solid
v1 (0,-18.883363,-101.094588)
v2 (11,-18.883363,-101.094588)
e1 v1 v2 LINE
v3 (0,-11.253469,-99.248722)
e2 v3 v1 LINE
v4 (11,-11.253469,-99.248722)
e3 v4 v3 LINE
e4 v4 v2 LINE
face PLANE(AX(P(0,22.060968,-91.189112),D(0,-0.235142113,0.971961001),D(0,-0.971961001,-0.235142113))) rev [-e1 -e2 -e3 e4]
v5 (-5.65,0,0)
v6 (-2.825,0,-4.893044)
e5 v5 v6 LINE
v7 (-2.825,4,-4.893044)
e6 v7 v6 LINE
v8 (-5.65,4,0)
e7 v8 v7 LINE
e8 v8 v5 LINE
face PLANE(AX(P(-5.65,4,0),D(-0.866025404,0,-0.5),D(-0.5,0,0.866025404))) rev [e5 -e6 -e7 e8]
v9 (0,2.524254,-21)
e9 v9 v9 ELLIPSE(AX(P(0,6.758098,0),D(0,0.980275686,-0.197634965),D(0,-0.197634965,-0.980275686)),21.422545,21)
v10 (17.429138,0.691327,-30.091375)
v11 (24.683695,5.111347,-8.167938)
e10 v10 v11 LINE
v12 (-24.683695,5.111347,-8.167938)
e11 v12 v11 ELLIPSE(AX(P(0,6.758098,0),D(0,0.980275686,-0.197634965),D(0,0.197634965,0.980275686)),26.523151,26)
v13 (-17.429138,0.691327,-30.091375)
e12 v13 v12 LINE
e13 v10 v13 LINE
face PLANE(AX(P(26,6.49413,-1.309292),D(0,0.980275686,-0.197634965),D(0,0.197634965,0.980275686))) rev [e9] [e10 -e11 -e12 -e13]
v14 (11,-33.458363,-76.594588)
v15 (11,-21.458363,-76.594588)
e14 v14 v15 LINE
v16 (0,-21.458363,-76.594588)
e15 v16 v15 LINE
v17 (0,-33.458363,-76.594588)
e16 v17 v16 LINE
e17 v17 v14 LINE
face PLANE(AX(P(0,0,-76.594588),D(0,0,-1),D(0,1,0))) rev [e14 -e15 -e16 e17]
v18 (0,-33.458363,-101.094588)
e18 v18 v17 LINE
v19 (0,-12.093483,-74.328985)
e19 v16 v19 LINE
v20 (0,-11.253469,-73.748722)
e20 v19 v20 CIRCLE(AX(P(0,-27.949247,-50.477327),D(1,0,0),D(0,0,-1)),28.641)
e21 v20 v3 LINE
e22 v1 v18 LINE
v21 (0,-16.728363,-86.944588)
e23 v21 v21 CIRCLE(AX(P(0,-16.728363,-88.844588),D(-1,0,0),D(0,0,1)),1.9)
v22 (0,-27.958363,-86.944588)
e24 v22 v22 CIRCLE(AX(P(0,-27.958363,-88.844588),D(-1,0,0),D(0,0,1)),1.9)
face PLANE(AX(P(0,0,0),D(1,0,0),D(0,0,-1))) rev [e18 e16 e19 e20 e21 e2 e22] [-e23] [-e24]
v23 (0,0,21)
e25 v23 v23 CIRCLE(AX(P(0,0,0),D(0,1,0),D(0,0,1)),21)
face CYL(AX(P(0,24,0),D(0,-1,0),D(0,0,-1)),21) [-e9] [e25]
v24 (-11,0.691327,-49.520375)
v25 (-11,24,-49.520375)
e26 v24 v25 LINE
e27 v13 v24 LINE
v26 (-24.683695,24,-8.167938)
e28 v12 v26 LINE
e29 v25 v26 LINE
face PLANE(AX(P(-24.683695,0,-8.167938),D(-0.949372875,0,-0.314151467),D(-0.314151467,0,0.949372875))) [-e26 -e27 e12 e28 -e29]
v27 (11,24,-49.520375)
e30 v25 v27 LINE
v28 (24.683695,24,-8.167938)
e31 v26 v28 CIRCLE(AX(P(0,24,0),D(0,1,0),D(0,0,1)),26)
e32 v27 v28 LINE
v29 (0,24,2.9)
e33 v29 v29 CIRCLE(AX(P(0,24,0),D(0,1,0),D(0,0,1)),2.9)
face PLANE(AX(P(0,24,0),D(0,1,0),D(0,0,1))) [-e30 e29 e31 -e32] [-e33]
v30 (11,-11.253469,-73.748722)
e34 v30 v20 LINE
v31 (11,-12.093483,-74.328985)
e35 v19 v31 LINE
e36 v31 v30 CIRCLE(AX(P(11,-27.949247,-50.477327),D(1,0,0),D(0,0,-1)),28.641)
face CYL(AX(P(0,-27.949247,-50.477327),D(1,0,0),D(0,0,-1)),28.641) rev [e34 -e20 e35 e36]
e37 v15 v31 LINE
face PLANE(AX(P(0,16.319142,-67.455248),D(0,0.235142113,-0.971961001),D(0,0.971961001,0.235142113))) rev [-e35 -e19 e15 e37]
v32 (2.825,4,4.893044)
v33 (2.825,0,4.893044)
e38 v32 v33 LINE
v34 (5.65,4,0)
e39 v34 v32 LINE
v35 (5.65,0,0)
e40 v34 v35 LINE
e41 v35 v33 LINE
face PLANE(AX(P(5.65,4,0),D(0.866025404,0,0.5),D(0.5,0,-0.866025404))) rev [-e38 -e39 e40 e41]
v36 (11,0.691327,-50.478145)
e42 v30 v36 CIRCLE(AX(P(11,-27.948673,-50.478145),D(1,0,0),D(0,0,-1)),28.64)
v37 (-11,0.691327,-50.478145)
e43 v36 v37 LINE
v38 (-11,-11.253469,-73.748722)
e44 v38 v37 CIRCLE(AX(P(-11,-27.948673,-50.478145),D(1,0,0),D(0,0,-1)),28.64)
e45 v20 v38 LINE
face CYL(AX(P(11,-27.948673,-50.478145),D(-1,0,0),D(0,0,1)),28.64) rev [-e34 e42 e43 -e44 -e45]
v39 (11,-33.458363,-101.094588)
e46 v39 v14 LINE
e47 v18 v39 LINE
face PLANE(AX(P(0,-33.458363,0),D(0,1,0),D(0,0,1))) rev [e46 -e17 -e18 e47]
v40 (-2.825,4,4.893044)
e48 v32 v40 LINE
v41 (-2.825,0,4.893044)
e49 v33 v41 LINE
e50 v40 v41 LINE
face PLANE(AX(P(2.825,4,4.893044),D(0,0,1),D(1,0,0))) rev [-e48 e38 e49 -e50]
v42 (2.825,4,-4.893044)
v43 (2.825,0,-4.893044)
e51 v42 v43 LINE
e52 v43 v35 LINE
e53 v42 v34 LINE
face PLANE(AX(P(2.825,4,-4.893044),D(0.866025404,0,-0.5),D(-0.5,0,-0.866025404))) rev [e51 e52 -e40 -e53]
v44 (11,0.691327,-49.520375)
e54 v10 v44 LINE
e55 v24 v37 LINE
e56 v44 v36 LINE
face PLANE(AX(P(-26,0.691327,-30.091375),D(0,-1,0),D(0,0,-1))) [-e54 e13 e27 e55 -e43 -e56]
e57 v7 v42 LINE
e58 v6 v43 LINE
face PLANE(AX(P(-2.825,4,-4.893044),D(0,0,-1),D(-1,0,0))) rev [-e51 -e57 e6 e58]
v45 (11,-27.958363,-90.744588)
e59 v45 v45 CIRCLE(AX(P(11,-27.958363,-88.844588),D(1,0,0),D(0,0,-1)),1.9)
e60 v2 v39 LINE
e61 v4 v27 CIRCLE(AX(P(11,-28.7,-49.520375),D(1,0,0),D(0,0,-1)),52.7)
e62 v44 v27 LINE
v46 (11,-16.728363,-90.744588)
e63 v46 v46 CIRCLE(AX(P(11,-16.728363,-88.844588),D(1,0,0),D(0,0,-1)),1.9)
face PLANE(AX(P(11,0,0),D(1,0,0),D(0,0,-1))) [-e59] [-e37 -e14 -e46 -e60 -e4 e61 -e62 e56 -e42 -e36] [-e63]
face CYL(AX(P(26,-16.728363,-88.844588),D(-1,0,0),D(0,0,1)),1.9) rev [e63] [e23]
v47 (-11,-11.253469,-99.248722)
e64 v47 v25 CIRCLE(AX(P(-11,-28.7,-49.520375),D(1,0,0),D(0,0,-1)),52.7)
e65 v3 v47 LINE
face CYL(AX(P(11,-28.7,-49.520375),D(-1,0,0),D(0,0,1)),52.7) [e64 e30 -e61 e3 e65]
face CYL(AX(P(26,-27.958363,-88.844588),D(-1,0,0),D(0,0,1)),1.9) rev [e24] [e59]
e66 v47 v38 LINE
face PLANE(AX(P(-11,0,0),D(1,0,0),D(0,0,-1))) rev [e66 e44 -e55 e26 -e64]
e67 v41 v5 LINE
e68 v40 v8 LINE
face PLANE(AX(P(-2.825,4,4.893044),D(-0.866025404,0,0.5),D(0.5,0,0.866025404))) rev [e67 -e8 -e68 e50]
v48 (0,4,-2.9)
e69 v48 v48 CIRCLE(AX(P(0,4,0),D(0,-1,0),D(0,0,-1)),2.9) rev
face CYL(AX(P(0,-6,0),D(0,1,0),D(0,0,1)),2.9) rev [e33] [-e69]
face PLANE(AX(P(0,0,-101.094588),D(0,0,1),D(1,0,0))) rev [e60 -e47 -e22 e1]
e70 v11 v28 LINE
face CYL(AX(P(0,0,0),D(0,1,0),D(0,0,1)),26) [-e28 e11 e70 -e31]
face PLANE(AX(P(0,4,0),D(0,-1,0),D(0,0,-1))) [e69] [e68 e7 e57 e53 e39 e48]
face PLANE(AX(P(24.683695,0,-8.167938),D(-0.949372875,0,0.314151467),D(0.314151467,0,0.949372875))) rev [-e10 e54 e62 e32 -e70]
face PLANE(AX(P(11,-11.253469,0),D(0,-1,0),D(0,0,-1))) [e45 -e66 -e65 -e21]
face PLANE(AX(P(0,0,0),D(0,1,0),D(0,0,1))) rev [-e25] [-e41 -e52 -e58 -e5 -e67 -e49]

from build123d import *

# Parameters (mm, degrees)
CROQUIS1_R              = 21
SALIENTE_EXTRUIR1_DEPTH = 24
CROQUIS2_R              = 2.9
CORTAR_EXTRUIR1_DEPTH   = 30
CROQUIS3_R              = 26
SALIENTE_EXTRUIR2_DEPTH = 12
SALIENTE_EXTRUIR3_DEPTH = 26
CROQUIS6_W              = 19.429
CROQUIS6_H              = 23.308672713
SALIENTE_EXTRUIR4_DEPTH = 52
CORTAR_EXTRUIR2_DEPTH   = 61.862693955
SALIENTE_EXTRUIR5_DEPTH = 11
SALIENTE_EXTRUIR6_DEPTH = 11
CROQUIS10_R             = 1.9
CORTAR_EXTRUIR3_DEPTH   = 110.615590995
CROQUIS11_R             = 2.9
CORTAR_EXTRUIR4_DEPTH   = 120.153595066
CORTAR_EXTRUIR5_DEPTH   = 4


with BuildPart() as part:
    # Croquis1 → Saliente-Extruir1 (new body)
    with BuildSketch(Plane(origin=(0, 0, 0), x_dir=(1, 0, 0), z_dir=(0, 1, 0))):
        with Locations(Location((0, 0, 0), (0, 0, 270))):
            Circle(CROQUIS1_R)
    extrude(amount=SALIENTE_EXTRUIR1_DEPTH)

    # Croquis2 → Cortar-Extruir1 (cut, symmetric)
    with BuildSketch(Plane(origin=(0, 24, 0), x_dir=(1, 0, 0), z_dir=(0, 1, 0))):
        with Locations(Location((0, 0, 0), (0, 0, 270))):
            Circle(CROQUIS2_R)
    extrude(amount=CORTAR_EXTRUIR1_DEPTH, both=True, mode=Mode.SUBTRACT)

    # Croquis3 → Saliente-Extruir2 (add)
    with BuildSketch(Plane(origin=(0, 24, 0), x_dir=(1, 0, 0), z_dir=(0, 1, 0))):
        with Locations(Location((0, 0, 0), (0, 0, 270))):
            Circle(CROQUIS3_R)
    extrude(amount=-SALIENTE_EXTRUIR2_DEPTH)

    # Croquis4 → Saliente-Extruir3 (add, symmetric)
    with BuildSketch(Plane(origin=(0, 0, 0), x_dir=(0, 0, -1), z_dir=(1, 0, 0))):
        Polygon((-26, 13.930297777), (-26, 12), (30.091374751, 0.691327287), (30.091374751, 24), (-26, 24), align=None)
    extrude(amount=SALIENTE_EXTRUIR3_DEPTH, both=True)

    # Croquis6 → Saliente-Extruir4 (add)
    with BuildSketch(Plane(origin=(26, 0, 0), x_dir=(0, 0, -1), z_dir=(1, 0, 0))):
        with Locations((39.805874751, 12.345663644)):
            Rectangle(CROQUIS6_W, CROQUIS6_H)
    extrude(amount=-SALIENTE_EXTRUIR4_DEPTH)

    # Croquis5 → Cortar-Extruir2 (cut, through all)
    with BuildSketch(Plane(origin=(0, 24, 0), x_dir=(1, 0, 0), z_dir=(0, 1, 0))):
        with BuildLine():
            Line((-31.296292427, 177.340731999), (24.68369475, 8.167938142))
            ThreePointArc((24.68369475, 8.167938142), (0, -26), (-24.68369475, 8.167938142))
            Line((-24.68369475, 8.167938142), (-11, 49.520374751))
            Line((-11, 49.520374751), (11, 49.520374751))
            Line((11, 49.520374751), (24.68369475, 8.167938142))
            Line((24.68369475, 8.167938142), (26, 49.520374751))
            Line((26, 49.520374751), (11, 49.520374751))
            Line((11, 49.520374751), (-167.194256769, 49.520374751))
            Line((-167.194256769, 49.520374751), (76.977143024, -210.081435923))
            Line((76.977143024, -210.081435923), (212.875107366, -82.261078675))
            Line((212.875107366, -82.261078675), (-31.296292427, 177.340731999))
        make_face()
    extrude(amount=-CORTAR_EXTRUIR2_DEPTH, mode=Mode.SUBTRACT)


with BuildPart() as cortar_extruir2_kept_piece:
    # of the separate pieces the step leaves, the one the design keeps (cortar_extruir2_pieces_kept)
    add(part.part.solids().sort_by_distance((0, 0, 21))[0])

    # Croquis7 → Saliente-Extruir5 (add, symmetric)
    with BuildSketch(Plane(origin=(0, 0, 0), x_dir=(0, 0, -1), z_dir=(1, 0, 0))):
        with BuildLine():
            Line((49.520374751, 24), (49.520374751, 0.691327287))
            Line((49.520374751, 0.691327287), (50.478144868, 0.691327287))
            ThreePointArc((50.478144868, 0.691327287), (63.55673371, -2.469267031), (73.748722442, -11.253469229))
            Line((73.748722442, -11.253469229), (99.248722442, -11.253469229))
            ThreePointArc((99.248722442, -11.253469229), (79.998709912, 14.292570123), (49.520374751, 24))
        make_face()
    extrude(amount=SALIENTE_EXTRUIR5_DEPTH, both=True)

    # Croquis9 → Saliente-Extruir6 (add)
    with BuildSketch(Plane(origin=(11, 0, 0), x_dir=(0, 0, -1), z_dir=(1, 0, 0))):
        with BuildLine():
            Line((101.09458803, -18.883363084), (99.248722442, -11.253469229))
            Line((99.248722442, -11.253469229), (73.748722442, -11.253469229))
            ThreePointArc((73.748722483, -11.2534692), (74.042597019, -11.670890415), (74.32898512, -12.093483089))
            ThreePointArc((74.32898512, -12.093483089), (77.894859555, -19.667595219), (79.118326526, -27.949247445))
            ThreePointArc((79.118326526, -27.949247445), (78.984304271, -30.716755499), (78.583491791, -33.458363084))
            Line((78.583491791, -33.458363084), (101.09458803, -33.458363084))
            Line((101.09458803, -33.458363084), (101.09458803, -18.883363084))
        make_face()
        with BuildLine():
            ThreePointArc((79.118326526, -27.949247445), (77.894859555, -19.667595219), (74.32898512, -12.093483089))
            Line((74.32898512, -12.093483089), (76.59458803, -21.458363084))
            Line((76.59458803, -21.458363084), (76.59458803, -33.458363084))
            Line((76.59458803, -33.458363084), (78.583491791, -33.458363084))
            ThreePointArc((78.583491791, -33.458363084), (78.984304271, -30.716755499), (79.118326526, -27.949247445))
        make_face()
    extrude(amount=-SALIENTE_EXTRUIR6_DEPTH)

    # Croquis10 → Cortar-Extruir3 (cut, through all)
    with BuildSketch(Plane.ZY):
        with Locations((-88.84458803, -27.958363084)):
            Circle(CROQUIS10_R)
        with Locations((-88.84458803, -16.728363084)):
            Circle(CROQUIS10_R)
    extrude(amount=-CORTAR_EXTRUIR3_DEPTH, mode=Mode.SUBTRACT)

    # Croquis11 → Cortar-Extruir4 (cut, through all)
    with BuildSketch(Plane(origin=(0, 24, 0), x_dir=(1, 0, 0), z_dir=(0, 1, 0))):
        with Locations(Location((0, 0, 0), (0, 0, 270))):
            Circle(CROQUIS11_R)
    extrude(amount=-CORTAR_EXTRUIR4_DEPTH, mode=Mode.SUBTRACT)

    # Croquis12 → Cortar-Extruir5 (cut)
    with BuildSketch(Plane.XZ):
        Polygon((2.825, 4.893043531), (-2.825, 4.893043531), (-5.65, 0), (-2.825, -4.893043531), (2.825, -4.893043531), (5.65, 0), align=None)
    extrude(amount=-CORTAR_EXTRUIR5_DEPTH, mode=Mode.SUBTRACT)


solid = cortar_extruir2_kept_piece.part
